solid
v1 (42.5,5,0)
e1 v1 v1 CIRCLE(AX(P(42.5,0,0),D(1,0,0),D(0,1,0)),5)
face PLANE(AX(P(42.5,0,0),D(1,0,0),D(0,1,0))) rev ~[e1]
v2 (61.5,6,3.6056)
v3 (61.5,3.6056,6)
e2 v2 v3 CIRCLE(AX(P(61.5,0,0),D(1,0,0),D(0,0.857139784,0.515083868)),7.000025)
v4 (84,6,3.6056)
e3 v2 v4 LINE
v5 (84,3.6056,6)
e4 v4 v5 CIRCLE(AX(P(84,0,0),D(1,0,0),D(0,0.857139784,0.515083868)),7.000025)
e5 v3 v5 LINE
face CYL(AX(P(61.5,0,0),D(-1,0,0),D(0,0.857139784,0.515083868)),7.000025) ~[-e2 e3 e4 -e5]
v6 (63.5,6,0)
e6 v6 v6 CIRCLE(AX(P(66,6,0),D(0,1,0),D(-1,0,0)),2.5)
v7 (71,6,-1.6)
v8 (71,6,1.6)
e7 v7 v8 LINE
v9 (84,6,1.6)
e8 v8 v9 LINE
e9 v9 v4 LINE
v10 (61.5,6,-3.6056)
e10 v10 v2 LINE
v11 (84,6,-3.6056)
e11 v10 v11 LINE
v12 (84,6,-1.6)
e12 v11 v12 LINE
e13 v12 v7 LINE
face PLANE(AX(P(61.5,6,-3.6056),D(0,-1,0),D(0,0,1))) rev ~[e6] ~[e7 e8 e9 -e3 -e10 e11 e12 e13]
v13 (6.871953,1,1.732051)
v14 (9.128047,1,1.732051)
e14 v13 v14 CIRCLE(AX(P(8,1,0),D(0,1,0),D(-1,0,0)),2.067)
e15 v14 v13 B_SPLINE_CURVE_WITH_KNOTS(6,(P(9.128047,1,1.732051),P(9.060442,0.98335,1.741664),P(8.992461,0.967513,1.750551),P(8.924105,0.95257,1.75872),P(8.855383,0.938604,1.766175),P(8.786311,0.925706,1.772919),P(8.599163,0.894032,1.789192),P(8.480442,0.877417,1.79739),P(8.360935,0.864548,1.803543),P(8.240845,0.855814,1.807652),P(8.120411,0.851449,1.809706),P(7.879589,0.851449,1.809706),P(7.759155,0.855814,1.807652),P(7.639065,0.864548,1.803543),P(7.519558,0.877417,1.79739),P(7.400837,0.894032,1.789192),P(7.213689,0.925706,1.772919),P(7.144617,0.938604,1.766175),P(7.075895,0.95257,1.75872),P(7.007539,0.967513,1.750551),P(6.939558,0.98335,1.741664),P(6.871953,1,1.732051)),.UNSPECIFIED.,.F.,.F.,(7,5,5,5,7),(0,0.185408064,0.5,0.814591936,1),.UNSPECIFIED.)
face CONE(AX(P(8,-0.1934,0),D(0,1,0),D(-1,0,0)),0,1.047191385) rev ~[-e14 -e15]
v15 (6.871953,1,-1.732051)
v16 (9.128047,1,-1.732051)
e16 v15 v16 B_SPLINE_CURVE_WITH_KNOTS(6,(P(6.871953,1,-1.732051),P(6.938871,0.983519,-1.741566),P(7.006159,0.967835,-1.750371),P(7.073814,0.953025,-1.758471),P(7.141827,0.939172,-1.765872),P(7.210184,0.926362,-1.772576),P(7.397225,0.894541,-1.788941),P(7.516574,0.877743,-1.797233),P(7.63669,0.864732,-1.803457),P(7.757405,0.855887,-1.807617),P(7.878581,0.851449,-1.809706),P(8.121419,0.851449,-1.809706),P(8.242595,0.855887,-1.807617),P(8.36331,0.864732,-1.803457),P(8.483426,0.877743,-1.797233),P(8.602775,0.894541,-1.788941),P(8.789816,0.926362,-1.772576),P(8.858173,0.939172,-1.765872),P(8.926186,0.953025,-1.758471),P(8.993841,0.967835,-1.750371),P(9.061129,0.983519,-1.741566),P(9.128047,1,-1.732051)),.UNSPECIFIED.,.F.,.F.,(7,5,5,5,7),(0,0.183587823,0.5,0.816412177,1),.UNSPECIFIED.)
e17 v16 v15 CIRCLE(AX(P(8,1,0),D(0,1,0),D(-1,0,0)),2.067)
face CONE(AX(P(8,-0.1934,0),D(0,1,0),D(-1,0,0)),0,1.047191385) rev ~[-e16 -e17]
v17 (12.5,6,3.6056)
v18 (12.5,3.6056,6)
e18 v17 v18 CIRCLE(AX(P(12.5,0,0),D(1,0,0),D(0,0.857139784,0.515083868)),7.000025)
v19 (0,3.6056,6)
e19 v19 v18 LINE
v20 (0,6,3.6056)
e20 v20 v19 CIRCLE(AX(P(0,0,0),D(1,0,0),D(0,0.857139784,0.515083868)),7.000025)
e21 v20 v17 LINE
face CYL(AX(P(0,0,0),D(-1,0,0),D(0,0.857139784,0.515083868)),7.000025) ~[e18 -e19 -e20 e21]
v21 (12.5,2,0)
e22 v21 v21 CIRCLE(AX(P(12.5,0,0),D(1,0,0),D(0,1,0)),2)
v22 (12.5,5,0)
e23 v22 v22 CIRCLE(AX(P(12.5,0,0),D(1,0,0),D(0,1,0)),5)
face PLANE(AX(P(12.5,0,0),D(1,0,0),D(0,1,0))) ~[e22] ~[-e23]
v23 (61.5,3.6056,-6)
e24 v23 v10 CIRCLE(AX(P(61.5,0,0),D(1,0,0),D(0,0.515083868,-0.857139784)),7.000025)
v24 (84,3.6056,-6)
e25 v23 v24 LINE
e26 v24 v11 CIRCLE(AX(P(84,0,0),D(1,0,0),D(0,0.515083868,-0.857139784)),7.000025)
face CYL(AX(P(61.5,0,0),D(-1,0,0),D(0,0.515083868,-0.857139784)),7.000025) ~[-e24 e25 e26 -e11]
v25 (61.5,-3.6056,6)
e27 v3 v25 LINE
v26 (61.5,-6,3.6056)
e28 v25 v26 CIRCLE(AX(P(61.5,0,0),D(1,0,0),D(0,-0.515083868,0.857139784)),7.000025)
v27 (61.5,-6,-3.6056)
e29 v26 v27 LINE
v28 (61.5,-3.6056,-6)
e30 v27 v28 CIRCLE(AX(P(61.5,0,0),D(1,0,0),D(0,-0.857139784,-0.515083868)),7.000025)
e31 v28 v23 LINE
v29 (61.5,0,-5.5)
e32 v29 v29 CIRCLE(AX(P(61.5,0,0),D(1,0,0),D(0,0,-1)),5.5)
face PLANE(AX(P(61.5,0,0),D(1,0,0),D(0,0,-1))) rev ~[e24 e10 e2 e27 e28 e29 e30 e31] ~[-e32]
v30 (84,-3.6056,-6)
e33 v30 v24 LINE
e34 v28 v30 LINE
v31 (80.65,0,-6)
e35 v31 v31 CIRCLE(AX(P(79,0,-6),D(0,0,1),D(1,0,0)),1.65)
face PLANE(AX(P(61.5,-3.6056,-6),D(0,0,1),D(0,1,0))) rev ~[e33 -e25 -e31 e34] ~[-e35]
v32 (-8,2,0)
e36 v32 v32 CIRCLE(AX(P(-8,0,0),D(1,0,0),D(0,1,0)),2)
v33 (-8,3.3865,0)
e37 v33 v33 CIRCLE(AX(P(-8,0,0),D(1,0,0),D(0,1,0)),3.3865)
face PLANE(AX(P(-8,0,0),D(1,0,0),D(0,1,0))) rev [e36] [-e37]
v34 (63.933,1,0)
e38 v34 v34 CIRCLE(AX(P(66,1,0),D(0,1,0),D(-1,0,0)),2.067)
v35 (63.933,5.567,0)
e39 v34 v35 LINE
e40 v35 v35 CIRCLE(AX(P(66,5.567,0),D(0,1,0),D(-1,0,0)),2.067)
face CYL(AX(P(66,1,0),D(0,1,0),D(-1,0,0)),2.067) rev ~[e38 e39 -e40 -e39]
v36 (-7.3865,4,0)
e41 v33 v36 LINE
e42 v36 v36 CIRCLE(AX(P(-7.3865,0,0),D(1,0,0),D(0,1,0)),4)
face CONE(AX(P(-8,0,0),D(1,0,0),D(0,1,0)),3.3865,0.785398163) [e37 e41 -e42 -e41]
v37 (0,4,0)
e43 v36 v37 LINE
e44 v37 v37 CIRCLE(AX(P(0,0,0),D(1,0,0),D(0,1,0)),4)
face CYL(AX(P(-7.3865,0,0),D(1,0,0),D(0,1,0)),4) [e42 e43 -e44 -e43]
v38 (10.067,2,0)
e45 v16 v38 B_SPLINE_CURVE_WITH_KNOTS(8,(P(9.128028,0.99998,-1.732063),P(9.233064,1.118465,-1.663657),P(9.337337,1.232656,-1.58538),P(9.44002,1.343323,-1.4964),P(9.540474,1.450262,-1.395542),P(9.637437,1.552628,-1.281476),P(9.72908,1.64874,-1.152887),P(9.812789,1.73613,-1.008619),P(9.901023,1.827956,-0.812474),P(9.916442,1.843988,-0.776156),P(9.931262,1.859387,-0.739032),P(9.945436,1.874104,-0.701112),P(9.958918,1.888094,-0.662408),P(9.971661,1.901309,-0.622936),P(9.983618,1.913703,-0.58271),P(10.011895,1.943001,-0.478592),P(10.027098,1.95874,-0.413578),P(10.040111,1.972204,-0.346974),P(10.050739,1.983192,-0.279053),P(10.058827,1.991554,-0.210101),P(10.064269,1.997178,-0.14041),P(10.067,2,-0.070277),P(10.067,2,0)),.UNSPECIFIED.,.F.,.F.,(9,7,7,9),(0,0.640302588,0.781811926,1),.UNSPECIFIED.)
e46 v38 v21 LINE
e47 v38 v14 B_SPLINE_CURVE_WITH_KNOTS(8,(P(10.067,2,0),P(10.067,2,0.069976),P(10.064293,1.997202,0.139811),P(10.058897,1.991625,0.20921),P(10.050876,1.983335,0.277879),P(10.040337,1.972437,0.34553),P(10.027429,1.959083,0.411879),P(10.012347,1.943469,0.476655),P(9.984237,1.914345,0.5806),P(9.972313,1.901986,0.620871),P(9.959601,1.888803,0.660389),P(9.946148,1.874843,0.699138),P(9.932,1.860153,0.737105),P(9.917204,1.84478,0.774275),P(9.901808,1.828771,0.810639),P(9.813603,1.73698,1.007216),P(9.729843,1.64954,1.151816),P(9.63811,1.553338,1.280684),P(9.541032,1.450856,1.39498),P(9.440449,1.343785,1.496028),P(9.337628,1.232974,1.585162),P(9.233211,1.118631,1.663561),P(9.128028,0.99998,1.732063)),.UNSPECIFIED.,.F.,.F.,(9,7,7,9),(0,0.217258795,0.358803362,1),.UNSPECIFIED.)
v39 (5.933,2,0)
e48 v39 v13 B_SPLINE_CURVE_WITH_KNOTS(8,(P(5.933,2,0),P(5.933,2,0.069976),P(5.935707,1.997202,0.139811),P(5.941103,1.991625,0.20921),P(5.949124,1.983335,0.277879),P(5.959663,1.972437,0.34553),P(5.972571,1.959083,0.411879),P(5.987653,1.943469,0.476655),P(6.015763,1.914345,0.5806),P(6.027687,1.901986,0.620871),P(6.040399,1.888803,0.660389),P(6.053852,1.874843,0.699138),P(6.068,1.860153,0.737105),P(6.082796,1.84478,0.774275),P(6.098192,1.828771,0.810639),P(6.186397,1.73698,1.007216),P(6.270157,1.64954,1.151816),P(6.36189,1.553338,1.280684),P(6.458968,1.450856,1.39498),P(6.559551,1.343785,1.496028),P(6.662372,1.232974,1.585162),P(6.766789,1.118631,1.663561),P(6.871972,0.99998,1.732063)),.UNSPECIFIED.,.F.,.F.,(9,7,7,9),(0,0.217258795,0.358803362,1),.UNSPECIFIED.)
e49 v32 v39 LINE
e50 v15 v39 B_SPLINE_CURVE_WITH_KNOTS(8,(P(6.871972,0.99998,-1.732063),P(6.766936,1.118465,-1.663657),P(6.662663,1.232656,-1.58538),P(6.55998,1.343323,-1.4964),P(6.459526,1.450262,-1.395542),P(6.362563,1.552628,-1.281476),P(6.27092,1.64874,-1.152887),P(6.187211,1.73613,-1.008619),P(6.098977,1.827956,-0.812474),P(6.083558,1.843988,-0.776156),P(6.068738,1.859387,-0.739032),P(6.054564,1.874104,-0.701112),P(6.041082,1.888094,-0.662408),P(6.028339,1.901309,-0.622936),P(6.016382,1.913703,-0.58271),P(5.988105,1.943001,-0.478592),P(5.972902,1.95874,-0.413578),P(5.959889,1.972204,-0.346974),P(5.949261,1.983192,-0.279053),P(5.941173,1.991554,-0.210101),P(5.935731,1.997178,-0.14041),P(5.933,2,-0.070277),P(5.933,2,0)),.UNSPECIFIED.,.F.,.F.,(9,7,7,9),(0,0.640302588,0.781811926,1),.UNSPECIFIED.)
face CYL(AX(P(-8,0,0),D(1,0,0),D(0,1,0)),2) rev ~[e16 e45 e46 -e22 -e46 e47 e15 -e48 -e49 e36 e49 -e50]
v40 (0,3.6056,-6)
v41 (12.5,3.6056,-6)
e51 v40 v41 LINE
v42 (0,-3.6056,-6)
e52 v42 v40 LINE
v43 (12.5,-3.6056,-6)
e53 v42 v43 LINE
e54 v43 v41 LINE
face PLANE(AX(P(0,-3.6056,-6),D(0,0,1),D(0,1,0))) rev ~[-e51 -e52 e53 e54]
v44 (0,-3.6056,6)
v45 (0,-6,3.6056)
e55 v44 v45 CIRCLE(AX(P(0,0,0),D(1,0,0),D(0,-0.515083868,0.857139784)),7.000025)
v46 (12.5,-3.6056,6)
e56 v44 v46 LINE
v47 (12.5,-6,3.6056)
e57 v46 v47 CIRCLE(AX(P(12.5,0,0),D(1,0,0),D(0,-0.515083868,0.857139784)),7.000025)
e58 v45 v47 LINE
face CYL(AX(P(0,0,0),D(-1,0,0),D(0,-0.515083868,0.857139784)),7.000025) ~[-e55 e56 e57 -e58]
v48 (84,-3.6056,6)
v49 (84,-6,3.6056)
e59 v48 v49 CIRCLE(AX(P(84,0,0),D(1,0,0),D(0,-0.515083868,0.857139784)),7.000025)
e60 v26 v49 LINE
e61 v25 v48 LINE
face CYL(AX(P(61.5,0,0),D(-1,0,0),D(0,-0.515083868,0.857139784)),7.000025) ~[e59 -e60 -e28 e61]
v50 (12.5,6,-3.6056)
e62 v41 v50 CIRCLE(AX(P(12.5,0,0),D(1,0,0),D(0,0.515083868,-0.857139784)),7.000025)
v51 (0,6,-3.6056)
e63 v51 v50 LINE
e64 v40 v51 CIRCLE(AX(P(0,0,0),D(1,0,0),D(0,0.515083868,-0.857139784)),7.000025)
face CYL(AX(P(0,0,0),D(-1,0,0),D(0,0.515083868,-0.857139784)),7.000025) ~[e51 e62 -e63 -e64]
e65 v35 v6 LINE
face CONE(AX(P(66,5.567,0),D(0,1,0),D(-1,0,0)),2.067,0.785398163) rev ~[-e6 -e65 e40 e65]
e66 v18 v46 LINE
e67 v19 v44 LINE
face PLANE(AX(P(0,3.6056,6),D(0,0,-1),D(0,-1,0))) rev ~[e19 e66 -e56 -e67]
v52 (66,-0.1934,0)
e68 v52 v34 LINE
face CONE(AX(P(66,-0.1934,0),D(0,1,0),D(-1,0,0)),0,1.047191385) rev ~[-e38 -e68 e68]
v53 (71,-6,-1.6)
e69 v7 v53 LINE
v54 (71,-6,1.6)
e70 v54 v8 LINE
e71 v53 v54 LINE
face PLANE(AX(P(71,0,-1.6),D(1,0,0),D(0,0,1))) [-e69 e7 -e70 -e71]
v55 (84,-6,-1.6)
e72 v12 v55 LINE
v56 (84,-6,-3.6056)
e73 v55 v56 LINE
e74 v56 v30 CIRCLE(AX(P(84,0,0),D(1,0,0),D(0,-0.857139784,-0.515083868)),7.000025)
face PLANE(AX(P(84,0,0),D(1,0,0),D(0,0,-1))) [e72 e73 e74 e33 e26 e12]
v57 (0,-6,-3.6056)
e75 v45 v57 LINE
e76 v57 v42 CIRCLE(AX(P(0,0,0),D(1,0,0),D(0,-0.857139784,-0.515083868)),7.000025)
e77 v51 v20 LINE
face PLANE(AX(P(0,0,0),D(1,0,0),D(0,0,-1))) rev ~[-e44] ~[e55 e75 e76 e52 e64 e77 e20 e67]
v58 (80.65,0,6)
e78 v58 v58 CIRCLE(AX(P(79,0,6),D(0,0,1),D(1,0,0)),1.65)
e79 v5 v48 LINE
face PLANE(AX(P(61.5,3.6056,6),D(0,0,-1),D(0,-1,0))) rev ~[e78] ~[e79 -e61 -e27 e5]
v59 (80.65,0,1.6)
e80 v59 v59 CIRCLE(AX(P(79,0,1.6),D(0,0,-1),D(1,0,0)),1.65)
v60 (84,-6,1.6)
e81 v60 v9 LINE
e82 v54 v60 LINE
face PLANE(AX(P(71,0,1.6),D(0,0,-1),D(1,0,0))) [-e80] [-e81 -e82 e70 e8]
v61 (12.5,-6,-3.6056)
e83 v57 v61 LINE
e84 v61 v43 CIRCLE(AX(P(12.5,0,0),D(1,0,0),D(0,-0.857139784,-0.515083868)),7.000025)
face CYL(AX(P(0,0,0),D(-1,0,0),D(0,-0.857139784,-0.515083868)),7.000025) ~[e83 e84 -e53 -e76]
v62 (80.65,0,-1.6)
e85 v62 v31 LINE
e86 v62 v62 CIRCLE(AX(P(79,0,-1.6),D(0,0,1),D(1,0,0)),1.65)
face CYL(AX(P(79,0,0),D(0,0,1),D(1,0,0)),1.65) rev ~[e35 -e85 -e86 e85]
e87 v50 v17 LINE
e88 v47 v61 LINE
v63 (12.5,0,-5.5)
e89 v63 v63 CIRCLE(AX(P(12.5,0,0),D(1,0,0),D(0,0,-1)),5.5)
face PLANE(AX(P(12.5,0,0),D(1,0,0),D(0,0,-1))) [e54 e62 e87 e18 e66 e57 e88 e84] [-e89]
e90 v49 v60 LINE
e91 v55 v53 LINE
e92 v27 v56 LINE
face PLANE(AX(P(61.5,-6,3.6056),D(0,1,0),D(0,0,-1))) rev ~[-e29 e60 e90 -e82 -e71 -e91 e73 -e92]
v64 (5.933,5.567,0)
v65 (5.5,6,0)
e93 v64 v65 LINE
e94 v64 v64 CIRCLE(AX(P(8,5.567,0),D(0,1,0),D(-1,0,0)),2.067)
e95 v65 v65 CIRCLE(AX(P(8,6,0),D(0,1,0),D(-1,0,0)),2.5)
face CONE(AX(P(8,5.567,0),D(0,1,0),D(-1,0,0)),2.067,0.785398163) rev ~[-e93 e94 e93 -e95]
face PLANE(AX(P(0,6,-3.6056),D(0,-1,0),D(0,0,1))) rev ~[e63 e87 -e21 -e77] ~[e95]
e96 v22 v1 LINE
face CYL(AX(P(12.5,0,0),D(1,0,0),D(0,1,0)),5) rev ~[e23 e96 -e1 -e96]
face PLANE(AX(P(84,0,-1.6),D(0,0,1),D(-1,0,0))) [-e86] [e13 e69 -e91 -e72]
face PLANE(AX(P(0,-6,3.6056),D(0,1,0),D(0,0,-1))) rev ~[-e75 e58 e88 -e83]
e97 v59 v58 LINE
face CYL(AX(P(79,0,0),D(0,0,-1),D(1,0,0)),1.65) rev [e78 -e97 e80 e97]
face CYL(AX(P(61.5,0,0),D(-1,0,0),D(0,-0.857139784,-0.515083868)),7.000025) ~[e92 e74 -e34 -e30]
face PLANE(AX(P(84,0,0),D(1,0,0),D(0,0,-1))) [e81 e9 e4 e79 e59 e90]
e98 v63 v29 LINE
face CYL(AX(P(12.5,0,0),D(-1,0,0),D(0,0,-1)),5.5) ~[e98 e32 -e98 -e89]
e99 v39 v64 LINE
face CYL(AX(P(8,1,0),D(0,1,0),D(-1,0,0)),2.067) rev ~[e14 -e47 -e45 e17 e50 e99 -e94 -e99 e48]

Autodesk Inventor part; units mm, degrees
sketch "Sketch_8" plane through (0, 0, 0) normal (0, 0, 1) x (1, 0, 0)
  line L0 (0, 0) -> (-8, 0)
  line L1 (-8, 0) -> (-8, 3.3865)
  line L2 (-8, 3.3865) -> (-7.3865, 4)
  line L3 (-7.3865, 4) -> (0, 4)
  line L4 (0, 4) -> (0, 0)
  line L5 (0, 0) -> (-8, 0)
revolve "Revolution1" add sketch "Sketch_8" angle 360 about axis through (0, 0, 0) along (1, 0, 0)
thread "Thread1" size "M8x1" class "6g" standard "ISO Metric profile" length 5.8865
sketch "Sketch_9" plane through (0, 0, 0) normal (1, 0, 0) x (0, 0, -1)
  line L0 (-6, 3.6056) -> (-6, -3.6056)
  arc A0 (-6, -3.6056) -> (-3.6056, -6) centre (0, 0) ccw
  line L1 (-3.6056, -6) -> (3.6056, -6)
  arc A1 (3.6056, -6) -> (6, -3.6056) centre (0, 0) ccw
  line L2 (6, -3.6056) -> (6, 3.6056)
  arc A2 (6, 3.6056) -> (3.6056, 6) centre (0, 0) ccw
  line L3 (3.6056, 6) -> (-3.6056, 6)
  arc A3 (-3.6056, 6) -> (-6, 3.6056) centre (0, 0) ccw
extrude "Extrusion1" add sketch "Sketch_9" along normal blind 12.5
sketch "Sketch_6" plane through (12.5, 0, 0) normal (1, 0, 0) x (0, 0, -1)
  circle A0 centre (0, 0) radius 5.5
extrude "Extrusion2" add sketch "Sketch_6" along normal blind 49
sketch "Sketch_10" plane through (61.5, 0, 0) normal (1, 0, 0) x (0, 0, -1)
  line L0 (-6, 3.6056) -> (-6, -3.6056)
  arc A0 (-6, -3.6056) -> (-3.6056, -6) centre (0, 0) ccw
  line L1 (-3.6056, -6) -> (3.6056, -6)
  arc A1 (3.6056, -6) -> (6, -3.6056) centre (0, 0) ccw
  line L2 (6, -3.6056) -> (6, 3.6056)
  arc A2 (6, 3.6056) -> (3.6056, 6) centre (0, 0) ccw
  line L3 (3.6056, 6) -> (-3.6056, 6)
  arc A3 (-3.6056, 6) -> (-6, 3.6056) centre (0, 0) ccw
extrude "Extrusion3" add sketch "Sketch_10" along normal blind 22.5
sketch "Sketch7" plane through (0, 0, 0) normal (0, 0, 1) x (1, 0, 0)
  line L0 (8, 6) -> (8, 1)
  line L1 (8, -0.1934) -> (5.933, 1)
  line L2 (5.933, 1) -> (5.933, 5.567)
  line L3 (5.933, 5.567) -> (5.5, 6)
  line L4 (5.5, 6) -> (8, 6)
  line L5 (8, 6) -> (8, -0.1934)
revolve "Revolution2" cut sketch "Sketch7" angle 360 about axis through (8, 6, 0) along (0, 1, 0)
thread "Thread2" size "M5x0.8" class "6H" standard "ISO Metric profile" full length
sketch "Sketch_7" plane through (0, 0, 0) normal (0, 0, 1) x (1, 0, 0)
  line L0 (66, 6) -> (66, 1)
  line L1 (66, -0.1934) -> (63.933, 1)
  line L2 (63.933, 1) -> (63.933, 5.567)
  line L3 (63.933, 5.567) -> (63.5, 6)
  line L4 (63.5, 6) -> (66, 6)
  line L5 (66, 6) -> (66, -0.1934)
revolve "Revolution3" cut sketch "Sketch_7" angle 360 about axis through (66, 6, 0) along (0, 1, 0)
thread "Thread3" size "M5x0.8" class "6H" standard "ISO Metric profile" full length
sketch "Sketch_16" plane through (0, 0, 0) normal (0, 0, 1) x (1, 0, 0)
  line L0 (42.5, 0) -> (-8, 0)
  line L1 (-8, 0) -> (-8, 2)
  line L2 (-8, 2) -> (12.5, 2)
  line L3 (12.5, 2) -> (12.5, 5)
  line L4 (12.5, 5) -> (42.5, 5)
  line L5 (42.5, 5) -> (42.5, 0)
  line L6 (42.5, 0) -> (-8, 0)
revolve "Revolution4" cut sketch "Sketch_16" angle 360 about axis through (42.5, 0, 0) along (1, 0, 0)
sketch "Sketch_3" plane through (0, 0, 0) normal (0, 1, 0) x (-1, 0, 0)
  line L0 (-71, 1.6) -> (-84, 1.6)
  line L1 (-84, 1.6) -> (-84, -1.6)
  line L2 (-84, -1.6) -> (-71, -1.6)
  line L3 (-71, -1.6) -> (-71, 1.6)
extrude "Extrusion4" cut sketch "Sketch_3" along normal mid plane 12
sketch "Sketch_13" plane through (0, 0, 0) normal (0, 0, 1) x (1, 0, 0)
  circle A0 centre (79, 0) radius 1.65
extrude "Extrusion5" cut sketch "Sketch_13" along normal mid plane 12
ref_plane "BODY_N_XY" through (79, 0, 0) normal (0, 0, -1) x (1, 0, 0)
ref_plane "BODY_N_YZ" through (79, 0, 0) normal (1, 0, 0) x (0, -1, 0)
ref_plane "BODY_N_ZX" through (79, 0, 0) normal (0, -1, 0) x (0, 0, -1)
ref_plane "BODY_PIN_XY" through (79, 0, 0) normal (-1, 0, 0) x (0, 0, -1)
ref_plane "BODY_PIN_YZ" through (79, 0, 0) normal (0, 0, -1) x (0, -1, 0)
ref_plane "BODY_PIN_ZX" through (79, 0, 0) normal (0, -1, 0) x (-1, 0, 0)
ref_plane "NUT2_XY" through (71, 0, 0) normal (1, 0, 0) x (0, 0, -1)
ref_plane "NUT2_YZ" through (71, 0, 0) normal (0, 0, -1) x (0, 1, 0)
ref_plane "NUT2_ZX" through (71, 0, 0) normal (0, 1, 0) x (1, 0, 0)
ref_plane "SW1_XY" through (17, 0, 0) normal (1, 0, 0) x (0, 0, -1)
ref_plane "SW1_YZ" through (17, 0, 0) normal (0, 0, -1) x (0, 1, 0)
ref_plane "SW1_ZX" through (17, 0, 0) normal (0, 1, 0) x (1, 0, 0)
ref_plane "SW2_XY" through (57, 0, 0) normal (-1, 0, 0) x (0, 0, -1)
ref_plane "SW2_YZ" through (57, 0, 0) normal (0, 0, -1) x (0, -1, 0)
ref_plane "SW2_ZX" through (57, 0, 0) normal (0, -1, 0) x (-1, 0, 0)
ref_plane "SW_R1_XY" through (17, -11, 0) normal (1, 0, 0) x (0, 0, -1)
ref_plane "SW_R1_YZ" through (17, -11, 0) normal (0, 0, -1) x (0, 1, 0)
ref_plane "SW_R1_ZX" through (17, -11, 0) normal (0, 1, 0) x (1, 0, 0)
ref_plane "SW_R2_XY" through (57, -11, 0) normal (-1, 0, 0) x (0, 0, -1)
ref_plane "SW_R2_YZ" through (57, -11, 0) normal (0, 0, -1) x (0, -1, 0)
ref_plane "SW_R2_ZX" through (57, -11, 0) normal (0, -1, 0) x (-1, 0, 0)
ref_plane "body_XY" through (0, 0, 0) normal (-1, 0, 0) x (0, 0, -1)
ref_plane "body_YZ" through (0, 0, 0) normal (0, 0, -1) x (0, -1, 0)
ref_plane "body_ZX" through (0, 0, 0) normal (0, -1, 0) x (-1, 0, 0)
properties part number "CJ2D10-25Z(1_0)_BODY"
